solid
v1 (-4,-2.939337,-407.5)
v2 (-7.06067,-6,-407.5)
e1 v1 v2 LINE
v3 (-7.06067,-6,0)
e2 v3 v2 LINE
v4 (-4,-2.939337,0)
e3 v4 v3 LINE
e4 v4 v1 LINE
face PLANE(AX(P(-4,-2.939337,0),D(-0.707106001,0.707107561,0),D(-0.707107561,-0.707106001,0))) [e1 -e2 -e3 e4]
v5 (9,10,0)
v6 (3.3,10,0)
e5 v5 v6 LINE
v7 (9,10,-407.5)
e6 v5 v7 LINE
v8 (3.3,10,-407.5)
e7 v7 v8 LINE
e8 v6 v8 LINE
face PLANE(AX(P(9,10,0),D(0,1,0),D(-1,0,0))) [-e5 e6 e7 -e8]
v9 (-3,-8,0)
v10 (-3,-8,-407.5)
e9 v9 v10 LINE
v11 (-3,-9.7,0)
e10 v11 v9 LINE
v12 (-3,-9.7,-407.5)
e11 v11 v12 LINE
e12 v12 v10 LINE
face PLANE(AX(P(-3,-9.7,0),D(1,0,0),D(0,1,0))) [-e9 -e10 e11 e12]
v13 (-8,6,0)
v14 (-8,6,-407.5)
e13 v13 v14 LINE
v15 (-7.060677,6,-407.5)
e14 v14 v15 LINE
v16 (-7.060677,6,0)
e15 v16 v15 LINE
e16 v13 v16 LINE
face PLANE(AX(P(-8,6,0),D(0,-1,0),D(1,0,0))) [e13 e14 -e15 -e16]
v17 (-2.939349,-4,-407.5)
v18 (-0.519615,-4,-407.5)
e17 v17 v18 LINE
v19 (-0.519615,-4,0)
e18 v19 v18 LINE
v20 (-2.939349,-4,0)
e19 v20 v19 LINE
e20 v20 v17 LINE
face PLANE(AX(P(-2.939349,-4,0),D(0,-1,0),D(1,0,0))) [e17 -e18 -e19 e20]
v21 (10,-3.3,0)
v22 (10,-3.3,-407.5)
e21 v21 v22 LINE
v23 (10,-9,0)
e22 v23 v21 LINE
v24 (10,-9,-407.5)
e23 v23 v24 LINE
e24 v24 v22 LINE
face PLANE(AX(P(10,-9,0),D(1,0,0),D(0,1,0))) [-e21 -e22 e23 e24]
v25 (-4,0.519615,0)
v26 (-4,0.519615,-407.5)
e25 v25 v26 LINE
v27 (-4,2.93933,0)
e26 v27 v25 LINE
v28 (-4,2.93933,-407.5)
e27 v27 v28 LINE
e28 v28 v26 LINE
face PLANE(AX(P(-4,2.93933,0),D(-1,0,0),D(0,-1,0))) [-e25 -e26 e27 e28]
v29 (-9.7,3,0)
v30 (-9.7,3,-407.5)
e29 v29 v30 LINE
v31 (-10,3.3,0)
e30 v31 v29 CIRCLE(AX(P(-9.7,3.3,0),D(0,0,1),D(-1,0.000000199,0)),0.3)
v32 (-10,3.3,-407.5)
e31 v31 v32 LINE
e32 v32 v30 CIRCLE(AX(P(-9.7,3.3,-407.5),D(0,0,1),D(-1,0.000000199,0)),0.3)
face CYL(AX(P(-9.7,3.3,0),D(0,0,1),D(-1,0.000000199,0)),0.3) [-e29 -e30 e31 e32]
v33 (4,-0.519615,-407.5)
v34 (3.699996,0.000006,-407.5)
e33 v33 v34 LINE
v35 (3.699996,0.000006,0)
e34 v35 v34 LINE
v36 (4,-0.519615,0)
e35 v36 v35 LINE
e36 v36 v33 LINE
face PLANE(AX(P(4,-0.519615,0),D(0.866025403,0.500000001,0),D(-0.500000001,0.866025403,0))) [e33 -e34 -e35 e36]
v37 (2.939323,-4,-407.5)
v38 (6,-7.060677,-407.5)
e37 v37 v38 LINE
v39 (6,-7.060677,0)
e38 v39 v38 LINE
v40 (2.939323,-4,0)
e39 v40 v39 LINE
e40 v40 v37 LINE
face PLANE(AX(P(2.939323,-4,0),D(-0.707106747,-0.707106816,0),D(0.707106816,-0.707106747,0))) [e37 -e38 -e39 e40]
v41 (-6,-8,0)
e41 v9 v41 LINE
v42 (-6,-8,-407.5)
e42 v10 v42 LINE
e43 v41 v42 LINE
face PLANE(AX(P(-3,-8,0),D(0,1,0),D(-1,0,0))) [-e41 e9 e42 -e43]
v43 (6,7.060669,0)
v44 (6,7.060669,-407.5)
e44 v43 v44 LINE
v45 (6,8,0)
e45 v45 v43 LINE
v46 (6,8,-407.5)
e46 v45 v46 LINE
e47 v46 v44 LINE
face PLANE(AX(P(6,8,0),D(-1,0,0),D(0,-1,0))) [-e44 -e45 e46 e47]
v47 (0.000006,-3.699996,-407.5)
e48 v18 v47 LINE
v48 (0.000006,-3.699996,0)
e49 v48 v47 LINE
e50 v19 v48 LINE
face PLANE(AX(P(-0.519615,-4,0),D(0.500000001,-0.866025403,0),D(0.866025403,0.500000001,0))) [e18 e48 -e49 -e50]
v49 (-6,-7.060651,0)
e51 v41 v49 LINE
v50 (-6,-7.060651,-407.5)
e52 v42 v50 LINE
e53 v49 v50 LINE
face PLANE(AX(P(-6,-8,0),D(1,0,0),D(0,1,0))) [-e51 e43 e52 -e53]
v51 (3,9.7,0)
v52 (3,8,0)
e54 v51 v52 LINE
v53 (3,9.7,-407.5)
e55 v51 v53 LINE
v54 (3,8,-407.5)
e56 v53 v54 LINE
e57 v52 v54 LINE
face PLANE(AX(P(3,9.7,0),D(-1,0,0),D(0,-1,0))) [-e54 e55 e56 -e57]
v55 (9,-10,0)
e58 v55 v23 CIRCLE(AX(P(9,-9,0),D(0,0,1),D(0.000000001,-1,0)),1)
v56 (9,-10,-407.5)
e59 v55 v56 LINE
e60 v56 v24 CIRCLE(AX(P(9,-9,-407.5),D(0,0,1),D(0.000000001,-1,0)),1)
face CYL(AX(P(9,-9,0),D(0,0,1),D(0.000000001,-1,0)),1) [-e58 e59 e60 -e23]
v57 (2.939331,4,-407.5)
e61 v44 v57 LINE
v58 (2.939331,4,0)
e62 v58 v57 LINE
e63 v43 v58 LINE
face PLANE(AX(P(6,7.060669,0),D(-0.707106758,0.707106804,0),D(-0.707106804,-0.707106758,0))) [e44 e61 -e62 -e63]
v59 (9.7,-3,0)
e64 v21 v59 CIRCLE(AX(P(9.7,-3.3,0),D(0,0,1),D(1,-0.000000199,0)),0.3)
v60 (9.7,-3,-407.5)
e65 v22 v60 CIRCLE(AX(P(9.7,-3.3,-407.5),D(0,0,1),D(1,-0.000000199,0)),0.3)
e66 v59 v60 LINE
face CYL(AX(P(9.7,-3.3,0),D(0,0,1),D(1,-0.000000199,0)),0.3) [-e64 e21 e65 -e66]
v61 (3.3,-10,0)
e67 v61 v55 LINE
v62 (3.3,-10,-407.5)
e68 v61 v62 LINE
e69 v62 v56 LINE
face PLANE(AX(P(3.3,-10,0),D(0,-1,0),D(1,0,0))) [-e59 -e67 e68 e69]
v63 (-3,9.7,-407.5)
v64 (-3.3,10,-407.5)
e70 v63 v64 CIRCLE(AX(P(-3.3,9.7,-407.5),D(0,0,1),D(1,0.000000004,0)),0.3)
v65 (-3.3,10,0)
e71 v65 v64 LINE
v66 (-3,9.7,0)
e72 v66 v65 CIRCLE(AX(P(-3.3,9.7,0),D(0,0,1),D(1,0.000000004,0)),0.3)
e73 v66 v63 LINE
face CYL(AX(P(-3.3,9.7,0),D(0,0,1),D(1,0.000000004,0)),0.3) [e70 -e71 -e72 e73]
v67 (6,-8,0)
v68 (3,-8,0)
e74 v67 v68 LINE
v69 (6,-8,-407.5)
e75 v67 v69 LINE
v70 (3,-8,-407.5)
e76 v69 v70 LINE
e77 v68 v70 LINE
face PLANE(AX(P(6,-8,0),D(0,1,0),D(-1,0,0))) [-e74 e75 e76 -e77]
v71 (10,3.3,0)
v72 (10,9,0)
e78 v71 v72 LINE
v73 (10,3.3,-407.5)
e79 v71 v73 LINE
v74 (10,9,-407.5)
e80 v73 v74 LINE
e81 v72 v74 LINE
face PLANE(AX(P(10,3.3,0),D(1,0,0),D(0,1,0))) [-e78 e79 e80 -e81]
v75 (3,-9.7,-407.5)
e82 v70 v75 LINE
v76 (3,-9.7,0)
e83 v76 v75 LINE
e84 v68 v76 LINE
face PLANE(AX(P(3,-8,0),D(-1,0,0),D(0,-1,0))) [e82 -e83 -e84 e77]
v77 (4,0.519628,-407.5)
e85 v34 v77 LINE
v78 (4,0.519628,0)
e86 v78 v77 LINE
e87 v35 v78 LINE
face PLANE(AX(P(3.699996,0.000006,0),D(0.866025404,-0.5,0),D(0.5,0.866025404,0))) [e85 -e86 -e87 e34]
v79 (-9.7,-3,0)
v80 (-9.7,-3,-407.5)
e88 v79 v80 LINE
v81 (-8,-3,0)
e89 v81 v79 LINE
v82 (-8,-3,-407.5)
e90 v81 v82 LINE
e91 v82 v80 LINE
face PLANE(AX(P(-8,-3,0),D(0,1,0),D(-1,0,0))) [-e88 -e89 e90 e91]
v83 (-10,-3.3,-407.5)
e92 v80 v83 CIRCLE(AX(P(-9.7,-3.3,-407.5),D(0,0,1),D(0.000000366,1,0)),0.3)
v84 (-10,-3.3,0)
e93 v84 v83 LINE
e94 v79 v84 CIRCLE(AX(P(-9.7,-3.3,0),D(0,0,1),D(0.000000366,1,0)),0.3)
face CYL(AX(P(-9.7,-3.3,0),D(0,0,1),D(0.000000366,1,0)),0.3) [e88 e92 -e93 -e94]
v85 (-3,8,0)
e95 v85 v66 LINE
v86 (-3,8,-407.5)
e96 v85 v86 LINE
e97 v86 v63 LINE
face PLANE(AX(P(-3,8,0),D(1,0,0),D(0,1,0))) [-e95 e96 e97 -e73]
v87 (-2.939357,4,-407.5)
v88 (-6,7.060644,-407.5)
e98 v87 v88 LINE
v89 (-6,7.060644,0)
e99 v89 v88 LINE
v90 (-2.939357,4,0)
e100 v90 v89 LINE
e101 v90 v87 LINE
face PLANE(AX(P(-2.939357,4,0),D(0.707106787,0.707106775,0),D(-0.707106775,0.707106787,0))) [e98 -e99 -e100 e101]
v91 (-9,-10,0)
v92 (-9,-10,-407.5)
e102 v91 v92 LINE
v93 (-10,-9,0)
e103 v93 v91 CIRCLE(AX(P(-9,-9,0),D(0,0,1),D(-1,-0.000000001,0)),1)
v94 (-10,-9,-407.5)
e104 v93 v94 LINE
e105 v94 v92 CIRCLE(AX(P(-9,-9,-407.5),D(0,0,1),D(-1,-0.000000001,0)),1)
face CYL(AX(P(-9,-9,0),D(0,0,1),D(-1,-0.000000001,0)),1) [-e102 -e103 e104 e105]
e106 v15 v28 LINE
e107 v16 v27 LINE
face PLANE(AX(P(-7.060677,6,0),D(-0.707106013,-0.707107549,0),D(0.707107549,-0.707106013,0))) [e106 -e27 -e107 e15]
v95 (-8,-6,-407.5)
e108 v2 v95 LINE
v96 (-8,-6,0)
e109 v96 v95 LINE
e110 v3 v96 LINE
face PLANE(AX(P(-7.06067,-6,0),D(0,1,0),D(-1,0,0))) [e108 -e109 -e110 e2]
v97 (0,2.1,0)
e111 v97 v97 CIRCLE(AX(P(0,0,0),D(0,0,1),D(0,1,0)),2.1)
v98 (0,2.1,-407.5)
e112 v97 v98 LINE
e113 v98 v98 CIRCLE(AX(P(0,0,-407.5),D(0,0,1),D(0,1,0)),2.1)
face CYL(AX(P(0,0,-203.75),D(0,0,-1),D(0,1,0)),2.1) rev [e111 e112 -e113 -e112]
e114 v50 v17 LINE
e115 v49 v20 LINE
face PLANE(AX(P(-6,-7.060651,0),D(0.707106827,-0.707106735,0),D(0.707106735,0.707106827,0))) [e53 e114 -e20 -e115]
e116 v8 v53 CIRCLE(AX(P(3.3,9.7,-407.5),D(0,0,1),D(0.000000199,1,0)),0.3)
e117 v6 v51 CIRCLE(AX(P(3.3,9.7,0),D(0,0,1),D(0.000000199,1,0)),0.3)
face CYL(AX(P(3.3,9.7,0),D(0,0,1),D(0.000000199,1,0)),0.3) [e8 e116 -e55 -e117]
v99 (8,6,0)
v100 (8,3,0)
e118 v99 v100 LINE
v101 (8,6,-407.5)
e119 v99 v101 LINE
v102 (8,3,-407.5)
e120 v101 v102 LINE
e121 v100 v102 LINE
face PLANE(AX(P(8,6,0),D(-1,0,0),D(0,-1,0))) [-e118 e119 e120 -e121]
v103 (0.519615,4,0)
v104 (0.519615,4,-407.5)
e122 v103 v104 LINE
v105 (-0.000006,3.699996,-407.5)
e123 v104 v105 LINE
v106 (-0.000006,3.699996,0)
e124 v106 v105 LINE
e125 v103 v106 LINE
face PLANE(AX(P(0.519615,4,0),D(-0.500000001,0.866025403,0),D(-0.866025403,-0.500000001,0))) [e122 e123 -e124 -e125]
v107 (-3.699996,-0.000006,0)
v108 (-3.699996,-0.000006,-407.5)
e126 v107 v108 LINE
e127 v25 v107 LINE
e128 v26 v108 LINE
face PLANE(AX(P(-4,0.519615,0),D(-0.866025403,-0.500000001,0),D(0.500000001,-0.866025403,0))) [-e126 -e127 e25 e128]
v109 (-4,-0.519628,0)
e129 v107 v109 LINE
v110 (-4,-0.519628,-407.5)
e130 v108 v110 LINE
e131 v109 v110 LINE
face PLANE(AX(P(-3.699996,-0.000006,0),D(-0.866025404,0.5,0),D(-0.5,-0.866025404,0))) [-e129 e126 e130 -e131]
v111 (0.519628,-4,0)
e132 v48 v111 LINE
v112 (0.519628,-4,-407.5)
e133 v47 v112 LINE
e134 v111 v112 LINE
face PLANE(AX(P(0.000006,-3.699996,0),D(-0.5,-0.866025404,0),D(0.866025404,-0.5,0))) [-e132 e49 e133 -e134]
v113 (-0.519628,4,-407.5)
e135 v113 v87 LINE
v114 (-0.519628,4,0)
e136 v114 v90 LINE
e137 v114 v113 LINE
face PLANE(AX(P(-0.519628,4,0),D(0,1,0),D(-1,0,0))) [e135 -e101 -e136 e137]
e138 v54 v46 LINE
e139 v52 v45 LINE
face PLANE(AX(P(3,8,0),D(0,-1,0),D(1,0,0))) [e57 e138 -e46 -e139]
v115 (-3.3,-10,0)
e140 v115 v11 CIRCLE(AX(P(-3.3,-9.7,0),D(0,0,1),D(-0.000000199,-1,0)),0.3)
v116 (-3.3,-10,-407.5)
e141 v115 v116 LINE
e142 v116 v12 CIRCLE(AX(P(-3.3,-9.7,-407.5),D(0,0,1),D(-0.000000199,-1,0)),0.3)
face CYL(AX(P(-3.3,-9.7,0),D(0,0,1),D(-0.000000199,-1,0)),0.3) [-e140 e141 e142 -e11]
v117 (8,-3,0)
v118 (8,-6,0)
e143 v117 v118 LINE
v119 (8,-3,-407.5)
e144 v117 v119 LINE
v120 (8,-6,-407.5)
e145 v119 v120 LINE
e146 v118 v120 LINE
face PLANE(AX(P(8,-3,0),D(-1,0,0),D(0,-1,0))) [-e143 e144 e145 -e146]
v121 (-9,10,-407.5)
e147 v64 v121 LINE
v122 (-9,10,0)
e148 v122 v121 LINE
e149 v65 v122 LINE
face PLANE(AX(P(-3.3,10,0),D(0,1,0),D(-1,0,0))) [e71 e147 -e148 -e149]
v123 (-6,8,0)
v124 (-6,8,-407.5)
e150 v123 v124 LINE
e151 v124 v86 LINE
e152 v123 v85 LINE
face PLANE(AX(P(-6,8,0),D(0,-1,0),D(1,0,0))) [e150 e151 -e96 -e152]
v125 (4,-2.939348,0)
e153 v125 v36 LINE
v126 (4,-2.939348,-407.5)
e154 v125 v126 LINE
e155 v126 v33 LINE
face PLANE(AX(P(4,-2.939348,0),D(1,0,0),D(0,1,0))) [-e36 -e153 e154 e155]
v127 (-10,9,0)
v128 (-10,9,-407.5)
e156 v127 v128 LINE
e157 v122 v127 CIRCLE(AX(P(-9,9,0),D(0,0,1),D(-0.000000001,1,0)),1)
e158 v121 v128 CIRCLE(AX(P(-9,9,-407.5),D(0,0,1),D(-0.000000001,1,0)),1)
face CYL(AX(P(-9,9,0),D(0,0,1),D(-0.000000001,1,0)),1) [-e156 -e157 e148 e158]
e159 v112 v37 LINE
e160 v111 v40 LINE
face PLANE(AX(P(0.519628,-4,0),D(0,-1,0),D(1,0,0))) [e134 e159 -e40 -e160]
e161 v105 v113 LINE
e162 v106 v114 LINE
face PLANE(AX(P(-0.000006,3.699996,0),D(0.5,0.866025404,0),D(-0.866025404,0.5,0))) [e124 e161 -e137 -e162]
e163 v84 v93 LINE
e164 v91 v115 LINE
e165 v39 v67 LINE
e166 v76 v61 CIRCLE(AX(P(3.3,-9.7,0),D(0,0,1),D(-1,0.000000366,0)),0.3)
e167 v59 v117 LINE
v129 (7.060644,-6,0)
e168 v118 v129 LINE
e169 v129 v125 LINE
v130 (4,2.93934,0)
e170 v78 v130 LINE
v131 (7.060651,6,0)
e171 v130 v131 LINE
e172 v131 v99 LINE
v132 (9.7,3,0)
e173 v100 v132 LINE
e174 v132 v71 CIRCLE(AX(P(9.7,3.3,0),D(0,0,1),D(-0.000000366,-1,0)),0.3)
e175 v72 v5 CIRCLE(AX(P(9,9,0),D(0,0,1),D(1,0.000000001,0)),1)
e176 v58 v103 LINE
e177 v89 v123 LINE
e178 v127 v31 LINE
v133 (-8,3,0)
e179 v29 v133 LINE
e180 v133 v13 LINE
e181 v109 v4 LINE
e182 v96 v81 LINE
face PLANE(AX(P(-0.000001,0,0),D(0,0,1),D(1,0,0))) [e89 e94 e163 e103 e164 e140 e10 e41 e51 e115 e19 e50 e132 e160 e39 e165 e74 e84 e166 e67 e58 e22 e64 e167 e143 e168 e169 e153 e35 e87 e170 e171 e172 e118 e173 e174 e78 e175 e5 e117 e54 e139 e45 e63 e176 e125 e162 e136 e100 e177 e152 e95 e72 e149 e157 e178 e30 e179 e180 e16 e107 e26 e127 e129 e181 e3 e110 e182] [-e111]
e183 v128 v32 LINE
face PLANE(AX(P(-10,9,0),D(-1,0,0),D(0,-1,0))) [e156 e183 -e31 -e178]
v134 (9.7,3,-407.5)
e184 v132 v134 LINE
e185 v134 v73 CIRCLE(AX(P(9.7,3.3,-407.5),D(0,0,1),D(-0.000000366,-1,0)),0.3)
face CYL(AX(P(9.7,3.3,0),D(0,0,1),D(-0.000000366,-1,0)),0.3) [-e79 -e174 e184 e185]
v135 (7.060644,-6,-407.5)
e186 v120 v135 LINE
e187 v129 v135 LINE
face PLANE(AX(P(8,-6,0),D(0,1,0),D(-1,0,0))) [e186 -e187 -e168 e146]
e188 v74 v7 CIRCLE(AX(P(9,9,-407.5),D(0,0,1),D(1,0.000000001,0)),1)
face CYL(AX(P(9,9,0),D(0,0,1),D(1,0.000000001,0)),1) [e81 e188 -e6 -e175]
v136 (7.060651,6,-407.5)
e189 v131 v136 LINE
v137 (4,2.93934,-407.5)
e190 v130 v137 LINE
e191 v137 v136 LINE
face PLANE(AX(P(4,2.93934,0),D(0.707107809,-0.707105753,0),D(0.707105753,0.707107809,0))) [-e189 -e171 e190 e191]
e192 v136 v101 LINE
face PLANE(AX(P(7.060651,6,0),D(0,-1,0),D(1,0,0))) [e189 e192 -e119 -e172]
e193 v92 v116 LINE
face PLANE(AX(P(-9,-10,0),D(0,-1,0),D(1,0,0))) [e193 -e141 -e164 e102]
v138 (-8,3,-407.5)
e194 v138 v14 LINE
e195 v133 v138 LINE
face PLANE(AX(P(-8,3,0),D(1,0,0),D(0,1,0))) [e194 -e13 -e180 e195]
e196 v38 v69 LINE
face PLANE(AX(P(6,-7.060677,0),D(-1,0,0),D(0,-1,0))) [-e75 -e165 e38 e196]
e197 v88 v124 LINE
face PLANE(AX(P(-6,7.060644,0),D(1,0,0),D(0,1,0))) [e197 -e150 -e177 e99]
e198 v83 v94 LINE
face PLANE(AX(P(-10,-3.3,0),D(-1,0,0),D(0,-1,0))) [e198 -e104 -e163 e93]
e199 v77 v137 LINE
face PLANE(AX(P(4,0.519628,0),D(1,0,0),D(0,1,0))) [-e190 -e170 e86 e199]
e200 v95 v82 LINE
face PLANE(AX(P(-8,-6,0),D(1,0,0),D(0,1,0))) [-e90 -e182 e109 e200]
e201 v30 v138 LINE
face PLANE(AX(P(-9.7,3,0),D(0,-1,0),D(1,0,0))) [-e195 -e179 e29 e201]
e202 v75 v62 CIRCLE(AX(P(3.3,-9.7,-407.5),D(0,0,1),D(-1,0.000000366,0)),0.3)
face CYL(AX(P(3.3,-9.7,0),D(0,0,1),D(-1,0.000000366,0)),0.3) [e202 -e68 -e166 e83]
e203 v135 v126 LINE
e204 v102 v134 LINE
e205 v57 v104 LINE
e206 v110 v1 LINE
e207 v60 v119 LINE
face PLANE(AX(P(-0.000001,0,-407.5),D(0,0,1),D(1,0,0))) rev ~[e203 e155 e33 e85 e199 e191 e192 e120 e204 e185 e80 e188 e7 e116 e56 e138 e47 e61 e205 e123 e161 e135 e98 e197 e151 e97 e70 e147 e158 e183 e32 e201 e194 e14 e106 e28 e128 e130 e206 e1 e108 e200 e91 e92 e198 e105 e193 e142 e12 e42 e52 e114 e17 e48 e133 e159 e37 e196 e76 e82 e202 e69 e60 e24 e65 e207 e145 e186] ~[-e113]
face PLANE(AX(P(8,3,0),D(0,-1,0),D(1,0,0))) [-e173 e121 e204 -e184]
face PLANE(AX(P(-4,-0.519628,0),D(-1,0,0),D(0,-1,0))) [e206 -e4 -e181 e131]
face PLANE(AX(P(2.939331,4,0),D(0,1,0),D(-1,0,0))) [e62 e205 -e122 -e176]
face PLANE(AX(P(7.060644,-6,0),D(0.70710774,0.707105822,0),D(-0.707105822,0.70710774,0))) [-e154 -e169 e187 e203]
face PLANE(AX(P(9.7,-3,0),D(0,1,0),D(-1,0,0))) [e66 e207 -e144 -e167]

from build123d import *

# Parameters (mm, degrees)
BOSS_EXTRUDE1_DEPTH = 407.5
SKETCH2_W           = 407.5
SKETCH2_H           = 2.1


with BuildPart() as part:
    # Sketch1 → Boss-Extrude1 (new body)
    with BuildSketch(Plane.XY):
        with BuildLine():
            Line((-10, 9), (-10, 3.29999995))
            ThreePointArc((-10, 3.29999995), (-9.912132049, 3.087867916), (-9.7, 3))
            Line((-9.7, 3), (-8, 3))
            Line((-8, 3), (-8, 6))
            Line((-8, 6), (-7.060677, 6))
            Line((-7.060677, 6), (-4, 2.93932965))
            Line((-4, 2.93932965), (-4, 0.519615242))
            Line((-4, 0.519615242), (-3.699996283, -6.437e-06))
            Line((-3.699996283, -6.437e-06), (-4, -0.519628117))
            Line((-4, -0.519628117), (-4, -2.93933725))
            Line((-4, -2.93933725), (-7.0606695, -6))
            Line((-7.0606695, -6), (-8, -6))
            Line((-8, -6), (-8, -3))
            Line((-8, -3), (-9.7, -3))
            ThreePointArc((-9.7, -3), (-9.912132049, -3.087867916), (-10, -3.29999995))
            Line((-10, -3.29999995), (-10, -9))
            ThreePointArc((-10, -9), (-9.707106781, -9.707106781), (-9, -10))
            Line((-9, -10), (-3.29999995, -10))
            ThreePointArc((-3.29999995, -10), (-3.087867916, -9.912132049), (-3, -9.7))
            Line((-3, -9.7), (-3, -8))
            Line((-3, -8), (-6, -8))
            Line((-6, -8), (-6, -7.0606515))
            Line((-6, -7.0606515), (-2.9393489, -4))
            Line((-2.9393489, -4), (-0.519615242, -4))
            Line((-0.519615242, -4), (6.437e-06, -3.699996283))
            Line((6.437e-06, -3.699996283), (0.519628117, -4))
            Line((0.519628117, -4), (2.9393227, -4))
            Line((2.9393227, -4), (6, -7.060677))
            Line((6, -7.060677), (6, -8))
            Line((6, -8), (3, -8))
            Line((3, -8), (3, -9.7))
            ThreePointArc((3, -9.7), (3.087867916, -9.912132049), (3.29999995, -10))
            Line((3.29999995, -10), (9, -10))
            ThreePointArc((9, -10), (9.707106781, -9.707106781), (10, -9))
            Line((10, -9), (10, -3.29999995))
            ThreePointArc((10, -3.29999995), (9.912132049, -3.087867916), (9.7, -3))
            Line((9.7, -3), (8, -3))
            Line((8, -3), (8, -6))
            Line((8, -6), (7.0606435, -6))
            Line((7.0606435, -6), (4, -2.9393482))
            Line((4, -2.9393482), (4, -0.519615242))
            Line((4, -0.519615242), (3.699996283, 6.437e-06))
            Line((3.699996283, 6.437e-06), (4, 0.519628117))
            Line((4, 0.519628117), (4, 2.9393401))
            Line((4, 2.9393401), (7.060651, 6))
            Line((7.060651, 6), (8, 6))
            Line((8, 6), (8, 3))
            Line((8, 3), (9.7, 3))
            ThreePointArc((9.7, 3), (9.912132049, 3.087867916), (10, 3.29999995))
            Line((10, 3.29999995), (10, 9))
            ThreePointArc((10, 9), (9.707106781, 9.707106781), (9, 10))
            Line((9, 10), (3.29999995, 10))
            ThreePointArc((3.29999995, 10), (3.087867916, 9.912132049), (3, 9.7))
            Line((3, 9.7), (3, 8))
            Line((3, 8), (6, 8))
            Line((6, 8), (6, 7.060669))
            Line((6, 7.060669), (2.9393308, 4))
            Line((2.9393308, 4), (0.519615242, 4))
            Line((0.519615242, 4), (-6.437e-06, 3.699996283))
            Line((-6.437e-06, 3.699996283), (-0.519628117, 4))
            Line((-0.519628117, 4), (-2.93935655, 4))
            Line((-2.93935655, 4), (-6, 7.0606435))
            Line((-6, 7.0606435), (-6, 8))
            Line((-6, 8), (-3, 8))
            Line((-3, 8), (-3, 9.7))
            ThreePointArc((-3, 9.7), (-3.087867966, 9.912132034), (-3.3, 10))
            Line((-3.3, 10), (-9, 10))
            ThreePointArc((-9, 10), (-9.707106781, 9.707106781), (-10, 9))
        make_face()
    extrude(amount=-BOSS_EXTRUDE1_DEPTH)

    # Sketch2 → Cut-Revolve1 (revolve, cut)
    with BuildSketch(Plane(origin=(0, 0, 0), x_dir=(0, 0, -1), z_dir=(1, 0, 0))):
        with Locations((203.75, 1.05)):
            Rectangle(SKETCH2_W, SKETCH2_H)
    revolve(axis=Axis((0, 0, -407.5), (0, 0, 1)), mode=Mode.SUBTRACT)


solid = part.part
